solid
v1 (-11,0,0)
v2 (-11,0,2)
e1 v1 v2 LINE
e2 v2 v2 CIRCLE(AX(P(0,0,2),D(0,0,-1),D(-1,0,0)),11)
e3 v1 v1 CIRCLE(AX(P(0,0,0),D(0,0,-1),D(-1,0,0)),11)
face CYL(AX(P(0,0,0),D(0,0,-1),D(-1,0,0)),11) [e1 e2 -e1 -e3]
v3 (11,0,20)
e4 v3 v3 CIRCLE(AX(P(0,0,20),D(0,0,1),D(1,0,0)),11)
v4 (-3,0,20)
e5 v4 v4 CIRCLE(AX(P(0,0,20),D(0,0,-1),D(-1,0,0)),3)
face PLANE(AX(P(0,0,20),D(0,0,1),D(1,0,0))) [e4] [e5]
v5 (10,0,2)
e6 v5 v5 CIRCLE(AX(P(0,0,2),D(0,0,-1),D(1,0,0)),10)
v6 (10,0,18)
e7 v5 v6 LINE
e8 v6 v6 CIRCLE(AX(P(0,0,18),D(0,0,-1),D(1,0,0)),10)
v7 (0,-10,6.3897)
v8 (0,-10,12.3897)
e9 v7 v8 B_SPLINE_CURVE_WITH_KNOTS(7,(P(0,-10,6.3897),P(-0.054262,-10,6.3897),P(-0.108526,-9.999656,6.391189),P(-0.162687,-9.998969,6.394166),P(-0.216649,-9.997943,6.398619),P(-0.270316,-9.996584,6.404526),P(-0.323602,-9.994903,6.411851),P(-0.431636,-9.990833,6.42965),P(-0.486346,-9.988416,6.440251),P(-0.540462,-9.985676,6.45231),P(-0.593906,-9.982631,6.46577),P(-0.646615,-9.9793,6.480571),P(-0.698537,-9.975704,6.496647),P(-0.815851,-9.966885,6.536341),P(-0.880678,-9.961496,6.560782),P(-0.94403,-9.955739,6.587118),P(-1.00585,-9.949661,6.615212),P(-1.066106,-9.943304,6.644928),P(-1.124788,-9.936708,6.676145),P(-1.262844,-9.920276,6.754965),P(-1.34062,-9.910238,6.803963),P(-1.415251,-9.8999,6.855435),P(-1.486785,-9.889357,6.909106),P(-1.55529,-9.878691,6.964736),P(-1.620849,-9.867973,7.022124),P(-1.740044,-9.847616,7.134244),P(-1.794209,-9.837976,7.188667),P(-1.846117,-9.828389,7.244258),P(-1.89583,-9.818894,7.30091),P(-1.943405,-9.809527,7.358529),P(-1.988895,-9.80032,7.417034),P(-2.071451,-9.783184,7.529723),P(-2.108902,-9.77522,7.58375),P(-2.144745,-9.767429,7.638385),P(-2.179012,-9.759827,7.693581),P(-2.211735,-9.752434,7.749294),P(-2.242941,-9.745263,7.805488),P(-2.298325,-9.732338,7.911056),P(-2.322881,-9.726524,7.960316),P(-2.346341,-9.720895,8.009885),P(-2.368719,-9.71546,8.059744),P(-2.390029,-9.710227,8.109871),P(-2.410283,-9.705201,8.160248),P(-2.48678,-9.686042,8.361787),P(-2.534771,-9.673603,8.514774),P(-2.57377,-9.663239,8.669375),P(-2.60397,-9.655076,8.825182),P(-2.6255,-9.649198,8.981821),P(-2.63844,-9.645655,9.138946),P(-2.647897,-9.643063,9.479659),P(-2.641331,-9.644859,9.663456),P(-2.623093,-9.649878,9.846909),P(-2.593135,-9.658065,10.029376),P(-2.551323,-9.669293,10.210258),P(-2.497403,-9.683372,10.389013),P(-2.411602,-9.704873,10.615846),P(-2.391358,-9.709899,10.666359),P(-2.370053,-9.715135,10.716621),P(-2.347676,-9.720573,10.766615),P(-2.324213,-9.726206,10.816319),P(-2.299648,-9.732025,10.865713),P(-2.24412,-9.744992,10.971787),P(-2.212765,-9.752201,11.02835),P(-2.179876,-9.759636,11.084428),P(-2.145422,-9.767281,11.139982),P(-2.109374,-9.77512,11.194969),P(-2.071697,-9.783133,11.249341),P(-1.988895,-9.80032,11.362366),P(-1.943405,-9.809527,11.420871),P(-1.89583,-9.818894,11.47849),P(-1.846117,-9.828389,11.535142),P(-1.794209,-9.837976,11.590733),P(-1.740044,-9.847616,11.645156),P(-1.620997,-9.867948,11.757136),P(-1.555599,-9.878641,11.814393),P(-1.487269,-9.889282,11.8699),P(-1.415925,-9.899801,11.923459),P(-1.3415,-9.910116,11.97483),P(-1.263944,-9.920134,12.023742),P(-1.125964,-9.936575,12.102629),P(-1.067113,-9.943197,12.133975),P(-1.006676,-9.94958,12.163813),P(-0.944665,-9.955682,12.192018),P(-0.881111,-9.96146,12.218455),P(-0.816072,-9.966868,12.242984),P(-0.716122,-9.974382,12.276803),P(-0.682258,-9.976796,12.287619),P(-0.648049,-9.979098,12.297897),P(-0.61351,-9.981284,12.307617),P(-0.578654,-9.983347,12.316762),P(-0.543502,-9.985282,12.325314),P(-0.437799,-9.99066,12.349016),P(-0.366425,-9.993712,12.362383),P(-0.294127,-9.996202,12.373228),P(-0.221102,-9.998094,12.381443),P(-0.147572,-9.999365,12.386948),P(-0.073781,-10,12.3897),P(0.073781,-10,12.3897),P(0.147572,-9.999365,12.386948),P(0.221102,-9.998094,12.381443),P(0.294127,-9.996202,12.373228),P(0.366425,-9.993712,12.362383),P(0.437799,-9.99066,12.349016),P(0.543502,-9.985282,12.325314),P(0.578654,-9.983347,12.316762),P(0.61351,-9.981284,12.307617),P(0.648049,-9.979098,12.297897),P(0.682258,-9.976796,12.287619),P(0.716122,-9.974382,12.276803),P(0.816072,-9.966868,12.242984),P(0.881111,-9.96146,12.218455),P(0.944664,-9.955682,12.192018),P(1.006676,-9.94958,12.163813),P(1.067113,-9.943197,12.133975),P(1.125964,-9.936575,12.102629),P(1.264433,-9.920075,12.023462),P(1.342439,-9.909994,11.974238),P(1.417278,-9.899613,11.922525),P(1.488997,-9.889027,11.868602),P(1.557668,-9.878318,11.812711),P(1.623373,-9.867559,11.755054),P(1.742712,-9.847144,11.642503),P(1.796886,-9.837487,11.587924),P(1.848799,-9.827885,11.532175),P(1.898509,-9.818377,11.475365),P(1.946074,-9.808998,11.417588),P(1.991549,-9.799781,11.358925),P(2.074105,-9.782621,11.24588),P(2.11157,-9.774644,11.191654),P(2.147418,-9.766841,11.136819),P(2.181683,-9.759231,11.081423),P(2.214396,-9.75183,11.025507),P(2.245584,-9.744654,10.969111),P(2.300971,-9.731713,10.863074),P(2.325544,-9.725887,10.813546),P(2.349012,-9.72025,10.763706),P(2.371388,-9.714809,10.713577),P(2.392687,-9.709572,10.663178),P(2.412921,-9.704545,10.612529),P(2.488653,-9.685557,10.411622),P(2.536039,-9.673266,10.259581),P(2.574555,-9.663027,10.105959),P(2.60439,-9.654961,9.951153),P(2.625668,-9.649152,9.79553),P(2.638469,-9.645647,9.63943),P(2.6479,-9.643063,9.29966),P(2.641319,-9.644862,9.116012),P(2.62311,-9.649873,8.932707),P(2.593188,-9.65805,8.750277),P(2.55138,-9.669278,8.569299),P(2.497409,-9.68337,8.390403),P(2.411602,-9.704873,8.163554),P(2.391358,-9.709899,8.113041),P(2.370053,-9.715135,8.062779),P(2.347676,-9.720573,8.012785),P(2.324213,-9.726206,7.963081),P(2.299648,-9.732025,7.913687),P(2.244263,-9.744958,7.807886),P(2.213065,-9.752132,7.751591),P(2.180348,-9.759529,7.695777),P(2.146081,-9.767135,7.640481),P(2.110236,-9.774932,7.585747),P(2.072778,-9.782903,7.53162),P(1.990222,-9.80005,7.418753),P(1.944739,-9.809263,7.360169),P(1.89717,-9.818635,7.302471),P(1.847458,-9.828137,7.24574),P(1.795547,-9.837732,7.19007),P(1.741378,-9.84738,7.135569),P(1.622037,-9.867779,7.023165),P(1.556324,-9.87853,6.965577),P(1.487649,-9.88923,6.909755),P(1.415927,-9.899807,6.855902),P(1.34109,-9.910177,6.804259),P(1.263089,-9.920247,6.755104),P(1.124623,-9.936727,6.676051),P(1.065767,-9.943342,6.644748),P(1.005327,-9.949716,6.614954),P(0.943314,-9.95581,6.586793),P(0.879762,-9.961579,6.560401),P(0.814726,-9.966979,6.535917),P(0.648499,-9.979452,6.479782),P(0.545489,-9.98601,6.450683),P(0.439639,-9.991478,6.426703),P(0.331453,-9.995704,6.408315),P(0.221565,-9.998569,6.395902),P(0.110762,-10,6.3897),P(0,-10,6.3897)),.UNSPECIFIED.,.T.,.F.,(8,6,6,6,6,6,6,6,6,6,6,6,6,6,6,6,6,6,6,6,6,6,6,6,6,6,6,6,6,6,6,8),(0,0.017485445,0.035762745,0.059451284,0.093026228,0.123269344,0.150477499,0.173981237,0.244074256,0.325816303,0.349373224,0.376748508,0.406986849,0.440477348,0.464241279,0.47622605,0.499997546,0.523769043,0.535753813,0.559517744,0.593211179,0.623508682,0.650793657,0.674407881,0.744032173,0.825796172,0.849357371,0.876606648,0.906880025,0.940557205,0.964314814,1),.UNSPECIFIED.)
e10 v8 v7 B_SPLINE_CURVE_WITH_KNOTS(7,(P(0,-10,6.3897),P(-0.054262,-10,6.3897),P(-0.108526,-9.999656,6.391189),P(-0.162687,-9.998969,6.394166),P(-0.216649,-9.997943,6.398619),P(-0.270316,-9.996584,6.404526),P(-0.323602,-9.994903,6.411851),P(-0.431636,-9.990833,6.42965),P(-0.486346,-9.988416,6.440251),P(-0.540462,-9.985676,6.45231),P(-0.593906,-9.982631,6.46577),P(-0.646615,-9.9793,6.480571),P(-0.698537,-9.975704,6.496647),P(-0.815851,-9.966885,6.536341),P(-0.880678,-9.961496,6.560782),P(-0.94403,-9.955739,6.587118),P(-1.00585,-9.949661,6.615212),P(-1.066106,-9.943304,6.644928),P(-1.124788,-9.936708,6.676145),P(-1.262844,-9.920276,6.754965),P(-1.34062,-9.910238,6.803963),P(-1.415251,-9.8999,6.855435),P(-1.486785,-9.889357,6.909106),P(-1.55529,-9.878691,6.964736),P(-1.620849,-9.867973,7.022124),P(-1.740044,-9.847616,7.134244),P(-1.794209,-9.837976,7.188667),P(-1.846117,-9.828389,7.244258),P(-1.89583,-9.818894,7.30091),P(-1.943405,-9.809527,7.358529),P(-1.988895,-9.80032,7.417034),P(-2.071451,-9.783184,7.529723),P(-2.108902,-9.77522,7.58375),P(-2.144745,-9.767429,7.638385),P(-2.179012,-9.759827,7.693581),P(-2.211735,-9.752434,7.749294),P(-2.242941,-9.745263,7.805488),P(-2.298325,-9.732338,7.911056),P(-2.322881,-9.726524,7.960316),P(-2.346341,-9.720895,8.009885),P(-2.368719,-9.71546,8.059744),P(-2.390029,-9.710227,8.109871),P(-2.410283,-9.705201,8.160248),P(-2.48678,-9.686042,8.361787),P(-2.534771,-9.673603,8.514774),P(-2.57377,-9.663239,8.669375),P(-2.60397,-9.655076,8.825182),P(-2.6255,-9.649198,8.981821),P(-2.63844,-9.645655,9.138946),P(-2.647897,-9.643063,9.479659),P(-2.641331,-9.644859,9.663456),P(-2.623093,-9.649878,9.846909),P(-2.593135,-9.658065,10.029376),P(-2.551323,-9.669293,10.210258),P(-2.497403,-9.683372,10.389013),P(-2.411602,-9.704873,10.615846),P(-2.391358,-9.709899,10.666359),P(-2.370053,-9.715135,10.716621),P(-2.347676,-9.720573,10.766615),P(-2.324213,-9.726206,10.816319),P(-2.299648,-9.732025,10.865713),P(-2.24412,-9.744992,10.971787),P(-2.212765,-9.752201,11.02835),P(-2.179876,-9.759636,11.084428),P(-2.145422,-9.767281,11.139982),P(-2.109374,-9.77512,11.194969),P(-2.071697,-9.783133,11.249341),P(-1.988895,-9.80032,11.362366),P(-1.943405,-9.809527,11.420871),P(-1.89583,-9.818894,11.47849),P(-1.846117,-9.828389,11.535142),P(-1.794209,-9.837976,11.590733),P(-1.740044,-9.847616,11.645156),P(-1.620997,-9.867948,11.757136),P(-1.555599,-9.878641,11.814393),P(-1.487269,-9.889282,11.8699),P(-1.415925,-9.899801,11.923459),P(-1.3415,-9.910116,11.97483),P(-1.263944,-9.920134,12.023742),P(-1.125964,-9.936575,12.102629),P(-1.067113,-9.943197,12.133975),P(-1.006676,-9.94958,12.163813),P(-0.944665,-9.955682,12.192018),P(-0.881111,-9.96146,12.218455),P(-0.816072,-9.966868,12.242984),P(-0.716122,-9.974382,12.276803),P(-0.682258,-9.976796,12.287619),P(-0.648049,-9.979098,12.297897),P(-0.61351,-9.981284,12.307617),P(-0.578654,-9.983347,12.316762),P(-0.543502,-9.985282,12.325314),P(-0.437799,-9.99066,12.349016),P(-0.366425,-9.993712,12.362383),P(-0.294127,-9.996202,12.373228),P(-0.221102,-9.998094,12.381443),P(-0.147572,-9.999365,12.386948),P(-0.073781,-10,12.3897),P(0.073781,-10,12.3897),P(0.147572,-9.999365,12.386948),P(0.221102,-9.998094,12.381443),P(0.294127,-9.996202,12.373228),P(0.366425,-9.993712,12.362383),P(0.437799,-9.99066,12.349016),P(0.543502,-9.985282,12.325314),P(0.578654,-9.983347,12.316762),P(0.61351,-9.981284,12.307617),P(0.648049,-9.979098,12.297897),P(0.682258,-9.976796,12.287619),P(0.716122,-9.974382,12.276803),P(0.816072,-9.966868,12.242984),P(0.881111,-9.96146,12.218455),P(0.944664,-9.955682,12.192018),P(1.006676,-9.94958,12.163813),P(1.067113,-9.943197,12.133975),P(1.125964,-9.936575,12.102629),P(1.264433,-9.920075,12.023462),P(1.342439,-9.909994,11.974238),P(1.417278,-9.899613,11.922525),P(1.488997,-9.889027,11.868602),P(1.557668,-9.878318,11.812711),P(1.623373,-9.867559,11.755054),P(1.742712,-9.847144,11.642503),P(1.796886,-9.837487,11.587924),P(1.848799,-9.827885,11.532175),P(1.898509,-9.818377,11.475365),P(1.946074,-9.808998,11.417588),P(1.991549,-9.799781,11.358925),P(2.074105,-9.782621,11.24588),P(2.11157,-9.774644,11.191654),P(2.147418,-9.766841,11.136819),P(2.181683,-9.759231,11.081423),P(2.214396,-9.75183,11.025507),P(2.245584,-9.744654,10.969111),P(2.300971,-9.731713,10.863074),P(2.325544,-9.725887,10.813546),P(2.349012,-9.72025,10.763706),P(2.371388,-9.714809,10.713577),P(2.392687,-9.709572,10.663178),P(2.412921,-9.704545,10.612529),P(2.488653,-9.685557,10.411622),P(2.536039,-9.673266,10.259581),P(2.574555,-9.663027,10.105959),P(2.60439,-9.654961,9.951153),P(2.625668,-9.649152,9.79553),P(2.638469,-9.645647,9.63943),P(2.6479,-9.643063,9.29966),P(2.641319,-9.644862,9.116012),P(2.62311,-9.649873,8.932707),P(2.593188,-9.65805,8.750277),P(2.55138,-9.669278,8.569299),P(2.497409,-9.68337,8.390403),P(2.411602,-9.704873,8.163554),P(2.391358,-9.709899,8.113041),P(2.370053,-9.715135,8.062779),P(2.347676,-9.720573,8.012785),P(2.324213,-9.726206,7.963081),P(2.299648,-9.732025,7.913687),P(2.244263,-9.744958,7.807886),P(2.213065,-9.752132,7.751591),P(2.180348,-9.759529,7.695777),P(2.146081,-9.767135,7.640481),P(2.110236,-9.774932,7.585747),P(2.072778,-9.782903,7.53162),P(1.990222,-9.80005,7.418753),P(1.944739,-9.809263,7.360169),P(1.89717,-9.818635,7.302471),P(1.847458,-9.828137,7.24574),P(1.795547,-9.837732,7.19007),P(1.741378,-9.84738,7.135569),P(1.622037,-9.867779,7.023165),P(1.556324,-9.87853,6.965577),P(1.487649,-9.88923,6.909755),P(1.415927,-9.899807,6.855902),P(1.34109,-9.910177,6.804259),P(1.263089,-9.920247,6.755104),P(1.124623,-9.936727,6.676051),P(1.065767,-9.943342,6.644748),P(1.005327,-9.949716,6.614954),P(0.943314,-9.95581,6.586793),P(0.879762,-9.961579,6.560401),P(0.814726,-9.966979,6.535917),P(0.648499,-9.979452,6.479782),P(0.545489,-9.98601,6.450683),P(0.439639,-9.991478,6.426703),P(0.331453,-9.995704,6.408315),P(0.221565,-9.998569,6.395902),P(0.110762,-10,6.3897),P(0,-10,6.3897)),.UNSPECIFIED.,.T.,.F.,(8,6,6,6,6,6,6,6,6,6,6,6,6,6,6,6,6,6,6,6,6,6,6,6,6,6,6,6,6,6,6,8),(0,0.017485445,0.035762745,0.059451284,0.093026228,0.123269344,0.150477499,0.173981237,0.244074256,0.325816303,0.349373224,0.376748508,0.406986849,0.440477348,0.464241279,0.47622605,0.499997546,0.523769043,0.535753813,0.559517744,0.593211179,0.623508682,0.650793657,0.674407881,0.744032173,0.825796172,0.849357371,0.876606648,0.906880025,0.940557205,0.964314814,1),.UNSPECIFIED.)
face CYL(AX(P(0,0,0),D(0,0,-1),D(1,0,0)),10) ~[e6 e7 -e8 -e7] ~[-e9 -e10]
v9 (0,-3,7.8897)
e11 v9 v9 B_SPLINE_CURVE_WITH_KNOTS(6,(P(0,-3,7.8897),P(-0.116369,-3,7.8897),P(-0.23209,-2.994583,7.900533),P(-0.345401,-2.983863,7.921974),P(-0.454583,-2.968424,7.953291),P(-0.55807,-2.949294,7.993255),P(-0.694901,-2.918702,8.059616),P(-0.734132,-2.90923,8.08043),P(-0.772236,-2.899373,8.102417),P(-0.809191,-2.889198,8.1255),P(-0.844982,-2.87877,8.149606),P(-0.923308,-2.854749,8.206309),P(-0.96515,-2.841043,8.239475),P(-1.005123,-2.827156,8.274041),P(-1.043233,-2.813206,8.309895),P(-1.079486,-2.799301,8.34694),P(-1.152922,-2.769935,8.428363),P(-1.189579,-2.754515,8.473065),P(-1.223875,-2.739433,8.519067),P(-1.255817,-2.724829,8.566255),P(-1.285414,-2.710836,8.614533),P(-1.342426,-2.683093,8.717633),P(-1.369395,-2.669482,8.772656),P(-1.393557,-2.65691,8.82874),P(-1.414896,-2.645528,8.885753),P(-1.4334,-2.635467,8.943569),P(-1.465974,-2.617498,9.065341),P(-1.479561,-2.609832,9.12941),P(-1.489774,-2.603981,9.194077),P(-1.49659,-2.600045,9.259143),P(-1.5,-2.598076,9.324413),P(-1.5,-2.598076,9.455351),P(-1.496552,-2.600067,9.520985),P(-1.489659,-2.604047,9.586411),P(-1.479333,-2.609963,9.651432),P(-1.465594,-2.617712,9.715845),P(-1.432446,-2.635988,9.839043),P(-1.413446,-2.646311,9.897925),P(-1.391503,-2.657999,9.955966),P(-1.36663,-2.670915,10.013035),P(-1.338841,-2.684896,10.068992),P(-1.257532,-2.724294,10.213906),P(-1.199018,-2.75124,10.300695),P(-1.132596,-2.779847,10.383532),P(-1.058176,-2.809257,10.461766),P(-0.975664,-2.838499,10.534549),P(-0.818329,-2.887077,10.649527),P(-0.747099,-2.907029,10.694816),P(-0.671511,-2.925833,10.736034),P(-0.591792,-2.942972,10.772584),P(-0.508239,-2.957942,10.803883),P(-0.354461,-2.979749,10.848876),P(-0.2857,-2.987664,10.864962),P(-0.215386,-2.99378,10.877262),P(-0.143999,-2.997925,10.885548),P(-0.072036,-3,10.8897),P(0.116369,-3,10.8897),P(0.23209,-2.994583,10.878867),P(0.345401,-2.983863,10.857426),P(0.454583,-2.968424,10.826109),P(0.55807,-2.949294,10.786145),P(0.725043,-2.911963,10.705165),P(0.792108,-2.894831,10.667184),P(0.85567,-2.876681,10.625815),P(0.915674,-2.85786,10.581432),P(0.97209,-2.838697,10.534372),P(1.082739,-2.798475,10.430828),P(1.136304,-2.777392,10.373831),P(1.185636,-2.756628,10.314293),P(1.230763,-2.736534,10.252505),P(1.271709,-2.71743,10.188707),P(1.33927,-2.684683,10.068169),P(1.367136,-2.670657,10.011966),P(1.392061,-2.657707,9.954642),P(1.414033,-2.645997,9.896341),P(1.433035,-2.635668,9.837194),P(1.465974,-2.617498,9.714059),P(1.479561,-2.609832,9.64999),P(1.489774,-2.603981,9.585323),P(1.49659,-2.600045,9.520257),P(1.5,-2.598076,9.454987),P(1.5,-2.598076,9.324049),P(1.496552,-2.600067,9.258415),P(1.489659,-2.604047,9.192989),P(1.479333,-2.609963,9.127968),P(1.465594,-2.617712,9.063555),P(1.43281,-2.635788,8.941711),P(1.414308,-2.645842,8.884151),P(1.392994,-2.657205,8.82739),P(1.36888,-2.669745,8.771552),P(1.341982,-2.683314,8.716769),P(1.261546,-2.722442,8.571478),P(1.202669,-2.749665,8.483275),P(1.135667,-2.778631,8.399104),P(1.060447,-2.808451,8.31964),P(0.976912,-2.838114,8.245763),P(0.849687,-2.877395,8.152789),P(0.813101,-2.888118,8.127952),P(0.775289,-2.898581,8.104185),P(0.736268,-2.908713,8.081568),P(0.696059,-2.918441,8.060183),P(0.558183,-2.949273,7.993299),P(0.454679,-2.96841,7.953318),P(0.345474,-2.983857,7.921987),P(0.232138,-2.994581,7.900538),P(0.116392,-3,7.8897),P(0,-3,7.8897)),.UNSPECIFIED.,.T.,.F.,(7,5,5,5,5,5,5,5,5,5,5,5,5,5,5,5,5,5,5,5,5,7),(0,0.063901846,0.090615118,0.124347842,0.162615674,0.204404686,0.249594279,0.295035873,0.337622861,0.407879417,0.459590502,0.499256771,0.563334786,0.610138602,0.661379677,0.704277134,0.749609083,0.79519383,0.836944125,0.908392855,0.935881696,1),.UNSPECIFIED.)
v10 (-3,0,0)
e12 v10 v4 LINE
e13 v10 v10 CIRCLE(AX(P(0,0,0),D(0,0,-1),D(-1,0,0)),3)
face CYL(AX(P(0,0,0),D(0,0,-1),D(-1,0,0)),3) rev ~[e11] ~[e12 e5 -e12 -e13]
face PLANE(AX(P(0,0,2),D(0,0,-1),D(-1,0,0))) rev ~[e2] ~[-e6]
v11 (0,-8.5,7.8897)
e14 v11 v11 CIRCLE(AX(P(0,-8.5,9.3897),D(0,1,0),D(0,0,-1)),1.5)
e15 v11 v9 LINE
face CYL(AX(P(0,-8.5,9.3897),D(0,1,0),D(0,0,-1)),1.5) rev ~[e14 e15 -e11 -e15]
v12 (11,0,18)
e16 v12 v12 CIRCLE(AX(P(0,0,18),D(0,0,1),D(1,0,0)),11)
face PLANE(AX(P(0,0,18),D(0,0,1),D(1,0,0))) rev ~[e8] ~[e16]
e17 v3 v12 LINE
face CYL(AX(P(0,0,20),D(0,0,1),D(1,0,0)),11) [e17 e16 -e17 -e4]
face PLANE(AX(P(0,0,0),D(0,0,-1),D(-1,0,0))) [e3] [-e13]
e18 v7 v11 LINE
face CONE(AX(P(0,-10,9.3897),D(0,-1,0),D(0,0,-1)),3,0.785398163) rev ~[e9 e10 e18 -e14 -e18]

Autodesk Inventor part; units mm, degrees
ref_plane "YZ Plane" through (0, 0, 0) normal (1, 0, 0) x (0, 1, 0)
ref_plane "XZ Plane" through (0, 0, 0) normal (0, 1, 0) x (-1, 0, 0)
ref_plane "XY Plane" through (0, 0, 0) normal (0, 0, 1) x (1, 0, 0)
sketch "Sketch1" plane through (0, 0, 0) normal (0, 0, 1) x (1, 0, 0)
  circle A0 centre (0, 0) radius 10
  dimension "d0" = 20
extrude "Extrusion1" add sketch "Sketch1" along normal blind 20
sketch "Sketch2" plane through (0, 0, 20) normal (0, 0, 1) x (1, 0, 0)
  circle A0 centre (0, 0) radius 11
  dimension "d3" = 22
extrude "Extrusion2" add sketch "Sketch2" against normal blind 2
sketch "Sketch3" plane through (0, 0, 0) normal (0, 0, -1) x (-1, 0, 0)
  circle A0 centre (0, 0) radius 11
extrude "Extrusion3" add sketch "Sketch3" against normal blind 2
sketch "Sketch4" plane through (0, 0, 0) normal (0, 1, 0) x (-1, 0, 0)
  circle A0 centre (0, 9.3897) radius 1.5
  point P0 (0, 0)
  dimension "d8" = 3
extrude "Extrusion4" add sketch "Sketch4" against normal blind 10
sketch "Sketch5" plane through (0, -10, 0) normal (0, -1, 0) x (1, 0, 0)
  arc A0 (0, 7.8897) -> (0, 10.8897) centre (0, 9.3897) ccw projected
  point P0 (0, 0)
hole "Hole1" at (0, -10, 9.3897) direction (0, 1, 0) diameter 3 depth 10 tip angle 118 countersink diameter 6 countersink angle 90
sketch "Sketch6" plane through (0, 0, 0) normal (0, 0, -1) x (-1, 0, 0)
  circle A0 centre (0, 0) radius 3
  dimension "d18" = 6
extrude "Extrusion5" cut sketch "Sketch6" against normal blind 20
properties part number "bearing v3"
